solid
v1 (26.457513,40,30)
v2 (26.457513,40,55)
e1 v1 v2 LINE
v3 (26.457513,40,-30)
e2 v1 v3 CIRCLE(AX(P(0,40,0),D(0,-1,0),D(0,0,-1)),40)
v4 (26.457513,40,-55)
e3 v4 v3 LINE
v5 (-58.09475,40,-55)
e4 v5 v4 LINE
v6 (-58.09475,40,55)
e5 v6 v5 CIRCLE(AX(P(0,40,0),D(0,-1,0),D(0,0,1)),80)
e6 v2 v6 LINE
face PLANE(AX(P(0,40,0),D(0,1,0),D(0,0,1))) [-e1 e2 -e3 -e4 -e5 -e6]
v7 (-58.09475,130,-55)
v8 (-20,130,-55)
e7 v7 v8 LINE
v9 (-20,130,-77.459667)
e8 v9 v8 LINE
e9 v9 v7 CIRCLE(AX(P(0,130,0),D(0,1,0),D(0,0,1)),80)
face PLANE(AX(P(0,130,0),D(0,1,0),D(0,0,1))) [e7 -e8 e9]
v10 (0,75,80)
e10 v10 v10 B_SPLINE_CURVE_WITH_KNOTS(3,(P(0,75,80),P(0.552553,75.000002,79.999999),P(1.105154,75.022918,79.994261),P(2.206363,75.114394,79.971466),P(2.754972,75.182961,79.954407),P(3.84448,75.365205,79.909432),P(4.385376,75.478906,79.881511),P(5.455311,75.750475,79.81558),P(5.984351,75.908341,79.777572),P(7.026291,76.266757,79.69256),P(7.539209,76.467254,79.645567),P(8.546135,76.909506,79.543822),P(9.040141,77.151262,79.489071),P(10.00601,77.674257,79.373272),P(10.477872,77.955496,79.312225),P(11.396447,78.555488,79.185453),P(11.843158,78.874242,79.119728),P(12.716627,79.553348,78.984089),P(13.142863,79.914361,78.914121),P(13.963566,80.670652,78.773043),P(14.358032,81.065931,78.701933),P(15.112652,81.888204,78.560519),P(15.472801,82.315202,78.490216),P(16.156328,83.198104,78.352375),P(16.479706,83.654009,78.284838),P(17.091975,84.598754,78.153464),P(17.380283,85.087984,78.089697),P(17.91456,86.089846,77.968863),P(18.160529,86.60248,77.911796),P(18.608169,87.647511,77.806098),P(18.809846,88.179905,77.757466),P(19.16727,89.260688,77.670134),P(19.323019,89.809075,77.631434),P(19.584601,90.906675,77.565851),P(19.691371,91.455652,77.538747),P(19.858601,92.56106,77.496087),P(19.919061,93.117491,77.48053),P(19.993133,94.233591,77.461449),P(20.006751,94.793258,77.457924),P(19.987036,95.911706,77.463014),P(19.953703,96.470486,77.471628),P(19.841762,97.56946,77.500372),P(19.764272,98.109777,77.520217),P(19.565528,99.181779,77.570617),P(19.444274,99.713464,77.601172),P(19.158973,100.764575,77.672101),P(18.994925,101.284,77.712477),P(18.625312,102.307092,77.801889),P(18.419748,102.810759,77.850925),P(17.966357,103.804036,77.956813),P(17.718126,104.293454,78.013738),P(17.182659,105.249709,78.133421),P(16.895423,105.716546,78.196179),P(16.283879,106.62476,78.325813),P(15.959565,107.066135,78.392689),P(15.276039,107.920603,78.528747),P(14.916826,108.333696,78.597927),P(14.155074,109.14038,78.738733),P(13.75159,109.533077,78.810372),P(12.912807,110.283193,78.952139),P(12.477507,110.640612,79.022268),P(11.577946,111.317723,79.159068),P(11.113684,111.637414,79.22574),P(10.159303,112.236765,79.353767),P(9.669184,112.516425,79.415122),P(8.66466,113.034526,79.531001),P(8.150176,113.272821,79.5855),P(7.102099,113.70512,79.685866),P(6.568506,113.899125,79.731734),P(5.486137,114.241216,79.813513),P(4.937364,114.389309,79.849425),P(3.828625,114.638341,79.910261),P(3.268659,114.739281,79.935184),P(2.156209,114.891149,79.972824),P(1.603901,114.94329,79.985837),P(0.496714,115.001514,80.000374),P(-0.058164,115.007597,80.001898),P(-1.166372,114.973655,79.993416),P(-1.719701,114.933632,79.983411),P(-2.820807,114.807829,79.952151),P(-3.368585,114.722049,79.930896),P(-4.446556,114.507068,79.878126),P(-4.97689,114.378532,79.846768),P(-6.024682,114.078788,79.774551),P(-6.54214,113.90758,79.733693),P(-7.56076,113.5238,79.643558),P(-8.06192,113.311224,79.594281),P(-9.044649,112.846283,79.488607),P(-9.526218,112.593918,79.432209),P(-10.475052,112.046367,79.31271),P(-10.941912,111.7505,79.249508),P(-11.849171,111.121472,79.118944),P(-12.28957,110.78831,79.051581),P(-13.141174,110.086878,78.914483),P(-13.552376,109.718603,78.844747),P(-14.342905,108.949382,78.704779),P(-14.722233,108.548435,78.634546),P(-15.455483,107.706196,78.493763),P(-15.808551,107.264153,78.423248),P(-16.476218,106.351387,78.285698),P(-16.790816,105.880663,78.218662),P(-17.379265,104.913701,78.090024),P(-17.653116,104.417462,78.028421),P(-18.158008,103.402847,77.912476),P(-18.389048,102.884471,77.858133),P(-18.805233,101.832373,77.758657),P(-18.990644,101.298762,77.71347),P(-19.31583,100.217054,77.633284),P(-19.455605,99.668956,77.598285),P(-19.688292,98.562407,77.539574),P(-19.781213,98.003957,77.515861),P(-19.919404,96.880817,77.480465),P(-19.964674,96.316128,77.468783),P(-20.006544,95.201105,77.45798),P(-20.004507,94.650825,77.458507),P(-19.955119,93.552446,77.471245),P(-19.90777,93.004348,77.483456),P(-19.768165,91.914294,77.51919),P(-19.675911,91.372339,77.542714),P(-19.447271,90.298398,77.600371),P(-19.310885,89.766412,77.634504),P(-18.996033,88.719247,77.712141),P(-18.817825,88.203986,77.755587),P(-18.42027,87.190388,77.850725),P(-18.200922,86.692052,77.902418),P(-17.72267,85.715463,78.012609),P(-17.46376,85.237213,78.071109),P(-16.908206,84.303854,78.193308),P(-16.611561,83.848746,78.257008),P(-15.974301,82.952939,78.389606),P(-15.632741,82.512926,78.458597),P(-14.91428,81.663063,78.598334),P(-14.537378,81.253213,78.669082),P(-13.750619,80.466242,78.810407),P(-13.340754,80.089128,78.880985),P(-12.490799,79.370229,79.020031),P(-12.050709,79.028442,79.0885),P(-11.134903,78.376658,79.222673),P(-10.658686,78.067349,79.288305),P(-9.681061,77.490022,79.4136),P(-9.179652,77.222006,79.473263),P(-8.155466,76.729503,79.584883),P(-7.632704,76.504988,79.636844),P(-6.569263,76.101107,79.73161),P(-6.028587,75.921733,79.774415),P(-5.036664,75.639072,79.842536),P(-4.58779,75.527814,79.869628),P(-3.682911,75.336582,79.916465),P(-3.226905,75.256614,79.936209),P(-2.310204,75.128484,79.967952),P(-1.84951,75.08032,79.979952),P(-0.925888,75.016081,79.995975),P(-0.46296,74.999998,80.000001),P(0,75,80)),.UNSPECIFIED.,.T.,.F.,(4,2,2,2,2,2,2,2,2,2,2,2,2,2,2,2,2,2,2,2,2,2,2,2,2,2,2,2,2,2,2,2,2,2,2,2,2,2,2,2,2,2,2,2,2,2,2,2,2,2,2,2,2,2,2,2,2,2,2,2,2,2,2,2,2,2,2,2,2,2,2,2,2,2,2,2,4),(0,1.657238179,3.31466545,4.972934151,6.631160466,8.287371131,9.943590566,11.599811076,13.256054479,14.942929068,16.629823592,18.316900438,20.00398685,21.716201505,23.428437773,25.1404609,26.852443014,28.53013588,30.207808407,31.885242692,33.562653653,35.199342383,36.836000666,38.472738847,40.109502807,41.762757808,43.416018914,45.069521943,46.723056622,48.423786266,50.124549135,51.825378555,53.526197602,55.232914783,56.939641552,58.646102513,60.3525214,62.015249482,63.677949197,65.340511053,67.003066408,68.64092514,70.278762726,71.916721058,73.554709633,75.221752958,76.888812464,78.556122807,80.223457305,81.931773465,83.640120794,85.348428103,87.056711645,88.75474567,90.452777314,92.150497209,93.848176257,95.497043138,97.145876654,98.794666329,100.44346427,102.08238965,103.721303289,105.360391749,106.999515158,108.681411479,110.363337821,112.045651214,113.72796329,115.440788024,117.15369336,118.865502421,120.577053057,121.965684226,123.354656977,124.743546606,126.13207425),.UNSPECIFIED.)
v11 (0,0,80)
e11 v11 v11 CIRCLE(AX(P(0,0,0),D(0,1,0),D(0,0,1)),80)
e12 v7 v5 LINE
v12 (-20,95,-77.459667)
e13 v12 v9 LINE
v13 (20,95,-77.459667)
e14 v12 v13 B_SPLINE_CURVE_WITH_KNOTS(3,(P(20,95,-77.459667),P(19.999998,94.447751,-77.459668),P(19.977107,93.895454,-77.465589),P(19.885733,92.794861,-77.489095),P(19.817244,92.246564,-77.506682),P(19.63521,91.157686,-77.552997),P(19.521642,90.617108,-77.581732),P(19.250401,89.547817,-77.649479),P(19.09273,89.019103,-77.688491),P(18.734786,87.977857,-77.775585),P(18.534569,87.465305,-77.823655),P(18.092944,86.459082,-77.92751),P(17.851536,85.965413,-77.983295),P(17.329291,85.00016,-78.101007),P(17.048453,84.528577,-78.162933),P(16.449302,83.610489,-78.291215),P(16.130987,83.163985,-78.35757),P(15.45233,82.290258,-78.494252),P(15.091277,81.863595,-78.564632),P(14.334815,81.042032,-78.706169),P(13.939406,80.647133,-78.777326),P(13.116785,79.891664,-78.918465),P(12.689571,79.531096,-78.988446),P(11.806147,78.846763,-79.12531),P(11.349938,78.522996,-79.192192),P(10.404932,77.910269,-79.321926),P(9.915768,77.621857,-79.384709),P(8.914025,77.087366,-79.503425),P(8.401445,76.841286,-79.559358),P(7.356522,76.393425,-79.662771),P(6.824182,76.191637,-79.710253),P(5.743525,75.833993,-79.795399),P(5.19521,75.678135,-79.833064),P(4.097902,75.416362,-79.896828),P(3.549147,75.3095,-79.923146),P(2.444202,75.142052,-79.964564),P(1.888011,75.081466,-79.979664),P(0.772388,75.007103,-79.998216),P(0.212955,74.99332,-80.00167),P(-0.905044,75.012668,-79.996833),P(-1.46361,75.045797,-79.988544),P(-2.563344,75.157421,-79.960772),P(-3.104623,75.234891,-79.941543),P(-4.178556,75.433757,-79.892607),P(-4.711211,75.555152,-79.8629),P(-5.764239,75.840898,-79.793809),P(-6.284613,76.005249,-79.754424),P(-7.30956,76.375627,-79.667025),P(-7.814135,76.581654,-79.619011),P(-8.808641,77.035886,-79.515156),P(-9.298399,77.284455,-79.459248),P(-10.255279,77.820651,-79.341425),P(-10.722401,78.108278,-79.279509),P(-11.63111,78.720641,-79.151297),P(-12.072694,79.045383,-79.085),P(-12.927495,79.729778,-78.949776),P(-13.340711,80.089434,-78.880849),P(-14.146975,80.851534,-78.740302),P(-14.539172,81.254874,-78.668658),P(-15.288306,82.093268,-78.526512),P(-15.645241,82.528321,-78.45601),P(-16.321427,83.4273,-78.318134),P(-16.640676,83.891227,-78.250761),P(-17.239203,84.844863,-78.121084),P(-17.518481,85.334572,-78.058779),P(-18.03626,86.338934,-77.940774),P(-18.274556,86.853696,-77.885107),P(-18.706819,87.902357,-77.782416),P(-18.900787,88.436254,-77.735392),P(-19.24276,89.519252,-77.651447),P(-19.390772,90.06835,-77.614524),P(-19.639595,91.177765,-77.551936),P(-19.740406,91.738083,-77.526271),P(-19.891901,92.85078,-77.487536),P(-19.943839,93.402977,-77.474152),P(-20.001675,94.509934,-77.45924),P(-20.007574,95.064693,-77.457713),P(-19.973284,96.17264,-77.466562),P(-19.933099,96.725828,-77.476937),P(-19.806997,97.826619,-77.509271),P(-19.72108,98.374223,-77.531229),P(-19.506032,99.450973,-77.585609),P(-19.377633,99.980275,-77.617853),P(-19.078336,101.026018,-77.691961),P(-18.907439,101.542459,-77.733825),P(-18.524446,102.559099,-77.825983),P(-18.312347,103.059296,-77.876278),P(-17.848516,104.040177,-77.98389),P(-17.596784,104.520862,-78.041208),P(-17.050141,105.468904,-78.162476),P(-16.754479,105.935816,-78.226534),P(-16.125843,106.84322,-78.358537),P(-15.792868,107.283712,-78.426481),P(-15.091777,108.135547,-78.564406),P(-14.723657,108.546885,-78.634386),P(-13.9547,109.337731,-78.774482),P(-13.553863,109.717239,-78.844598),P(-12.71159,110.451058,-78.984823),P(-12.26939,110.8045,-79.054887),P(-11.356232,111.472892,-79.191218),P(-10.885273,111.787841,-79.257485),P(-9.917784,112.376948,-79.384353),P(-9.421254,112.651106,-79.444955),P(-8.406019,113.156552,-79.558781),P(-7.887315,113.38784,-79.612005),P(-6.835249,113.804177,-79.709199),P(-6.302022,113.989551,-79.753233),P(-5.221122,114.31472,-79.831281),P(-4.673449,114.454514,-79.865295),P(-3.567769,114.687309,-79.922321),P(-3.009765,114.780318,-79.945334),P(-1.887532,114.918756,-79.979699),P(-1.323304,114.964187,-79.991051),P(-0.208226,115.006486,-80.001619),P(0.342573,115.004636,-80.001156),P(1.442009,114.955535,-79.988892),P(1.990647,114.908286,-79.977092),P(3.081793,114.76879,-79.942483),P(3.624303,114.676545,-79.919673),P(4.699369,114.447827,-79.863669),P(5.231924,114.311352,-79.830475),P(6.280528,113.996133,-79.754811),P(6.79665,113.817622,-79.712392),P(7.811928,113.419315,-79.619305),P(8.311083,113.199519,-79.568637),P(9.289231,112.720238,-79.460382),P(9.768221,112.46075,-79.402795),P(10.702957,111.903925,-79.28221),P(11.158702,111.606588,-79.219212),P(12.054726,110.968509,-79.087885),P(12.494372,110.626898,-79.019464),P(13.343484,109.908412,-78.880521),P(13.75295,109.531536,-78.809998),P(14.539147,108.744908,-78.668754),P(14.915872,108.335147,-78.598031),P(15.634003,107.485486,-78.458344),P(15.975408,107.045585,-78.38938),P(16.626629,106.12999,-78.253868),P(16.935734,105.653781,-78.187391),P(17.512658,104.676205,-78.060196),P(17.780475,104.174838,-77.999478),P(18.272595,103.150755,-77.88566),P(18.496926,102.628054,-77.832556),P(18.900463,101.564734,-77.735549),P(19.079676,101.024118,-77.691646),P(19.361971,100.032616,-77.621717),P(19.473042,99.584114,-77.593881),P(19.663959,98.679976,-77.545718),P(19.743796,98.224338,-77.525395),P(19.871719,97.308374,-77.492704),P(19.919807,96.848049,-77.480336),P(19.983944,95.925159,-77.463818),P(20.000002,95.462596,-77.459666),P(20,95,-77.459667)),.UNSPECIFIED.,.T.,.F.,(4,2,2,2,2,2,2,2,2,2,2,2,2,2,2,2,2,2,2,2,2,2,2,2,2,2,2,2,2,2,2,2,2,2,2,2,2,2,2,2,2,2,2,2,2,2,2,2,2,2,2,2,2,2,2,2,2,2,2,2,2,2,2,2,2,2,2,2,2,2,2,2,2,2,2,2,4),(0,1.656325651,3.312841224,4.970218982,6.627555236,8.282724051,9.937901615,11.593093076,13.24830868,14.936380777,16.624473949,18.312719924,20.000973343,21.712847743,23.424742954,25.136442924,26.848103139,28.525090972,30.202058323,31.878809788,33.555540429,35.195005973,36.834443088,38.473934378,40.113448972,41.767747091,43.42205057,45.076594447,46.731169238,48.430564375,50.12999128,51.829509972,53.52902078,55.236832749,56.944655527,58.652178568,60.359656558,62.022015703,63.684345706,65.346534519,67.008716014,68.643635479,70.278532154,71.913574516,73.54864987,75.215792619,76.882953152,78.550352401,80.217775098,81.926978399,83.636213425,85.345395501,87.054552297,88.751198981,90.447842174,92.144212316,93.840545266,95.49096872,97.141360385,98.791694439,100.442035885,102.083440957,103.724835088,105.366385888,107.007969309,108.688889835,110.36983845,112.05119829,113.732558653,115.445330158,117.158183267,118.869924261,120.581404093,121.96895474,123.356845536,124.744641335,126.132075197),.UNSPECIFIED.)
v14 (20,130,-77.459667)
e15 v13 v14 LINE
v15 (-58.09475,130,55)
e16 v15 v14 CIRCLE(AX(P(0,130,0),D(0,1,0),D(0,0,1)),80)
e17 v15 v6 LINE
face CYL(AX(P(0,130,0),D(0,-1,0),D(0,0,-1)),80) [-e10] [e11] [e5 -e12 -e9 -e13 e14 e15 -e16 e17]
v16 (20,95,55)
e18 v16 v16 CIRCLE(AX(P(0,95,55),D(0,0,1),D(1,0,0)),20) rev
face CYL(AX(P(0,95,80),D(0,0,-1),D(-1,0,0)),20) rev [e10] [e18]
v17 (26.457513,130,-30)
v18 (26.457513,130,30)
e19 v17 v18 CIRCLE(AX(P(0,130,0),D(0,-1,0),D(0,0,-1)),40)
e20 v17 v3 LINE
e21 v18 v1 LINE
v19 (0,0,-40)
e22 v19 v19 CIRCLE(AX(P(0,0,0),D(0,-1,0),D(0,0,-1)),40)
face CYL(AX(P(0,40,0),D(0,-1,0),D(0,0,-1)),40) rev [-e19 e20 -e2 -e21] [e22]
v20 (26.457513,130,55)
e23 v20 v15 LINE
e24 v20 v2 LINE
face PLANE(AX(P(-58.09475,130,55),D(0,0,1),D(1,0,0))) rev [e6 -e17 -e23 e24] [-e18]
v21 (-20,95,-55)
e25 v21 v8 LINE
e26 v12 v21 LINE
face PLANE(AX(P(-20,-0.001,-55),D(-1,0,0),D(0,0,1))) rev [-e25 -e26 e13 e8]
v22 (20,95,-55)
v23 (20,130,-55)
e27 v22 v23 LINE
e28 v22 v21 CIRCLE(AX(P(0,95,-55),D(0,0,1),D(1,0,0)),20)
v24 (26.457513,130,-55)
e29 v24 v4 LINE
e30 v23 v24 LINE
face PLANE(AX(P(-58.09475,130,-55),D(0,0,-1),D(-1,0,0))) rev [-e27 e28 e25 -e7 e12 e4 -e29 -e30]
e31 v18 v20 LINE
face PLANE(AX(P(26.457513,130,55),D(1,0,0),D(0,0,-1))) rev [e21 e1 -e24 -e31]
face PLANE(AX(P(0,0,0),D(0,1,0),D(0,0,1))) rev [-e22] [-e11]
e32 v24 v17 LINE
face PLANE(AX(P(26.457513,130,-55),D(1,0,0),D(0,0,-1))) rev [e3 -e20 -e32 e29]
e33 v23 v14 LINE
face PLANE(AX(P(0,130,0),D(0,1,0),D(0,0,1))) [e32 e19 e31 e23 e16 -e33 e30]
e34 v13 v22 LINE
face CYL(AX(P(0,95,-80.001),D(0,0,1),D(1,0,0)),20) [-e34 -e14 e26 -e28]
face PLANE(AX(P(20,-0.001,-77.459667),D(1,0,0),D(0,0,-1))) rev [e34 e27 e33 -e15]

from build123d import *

# Parameters (mm, degrees)
SKETCH_1_R               = 80
EXTRUDE_1_DEPTH          = 130
SKETCH_2_R               = 40
CUT_EXTRUDE_1_DEPTH      = 40
CUT_EXTRUDE_3_DEPTH      = 90
SKETCH_4_R               = 20
CUT_EXTRUDE_4_DEPTH      = 173.336879396
CUT_EXTRUDE_4_DEPTH_BACK = 173.336879396
CUT_EXTRUDE_8_REACH      = 174.337
CUT_EXTRUDE_8_END_RADIUS = 20
EXTRUDE_5_REACH          = 205.777
EXTRUDE_5_END_RADIUS     = 80
SKETCH_8_R               = 20


with BuildPart() as part:
    # 草图1 → 凸台-拉伸1 (new body)
    with BuildSketch(Plane(origin=(0, 0, 0), x_dir=(1, 0, 0), z_dir=(0, 1, 0))):
        with Locations(Location((0, 0, 0), (0, 0, 270))):
            Circle(SKETCH_1_R)
    extrude(amount=EXTRUDE_1_DEPTH)

    # 草图2 → 切除-拉伸1 (cut)
    with BuildSketch(Plane.XZ):
        with Locations(Location((0, 0, 0), (0, 0, 270))):
            Circle(SKETCH_2_R)
    extrude(amount=-CUT_EXTRUDE_1_DEPTH, mode=Mode.SUBTRACT)

    # 草图3 → 切除-拉伸3 (cut)
    with BuildSketch(Plane.XZ.offset(-40)):
        with BuildLine():
            Line((-58.094750193, 55), (26.457513111, 55))
            Line((26.457513111, 55), (26.457513111, 30))
            ThreePointArc((26.457513111, 30), (40, 0), (26.457513111, -30))
            Line((26.457513111, -30), (26.457513111, -55))
            Line((26.457513111, -55), (-58.094750193, -55))
            ThreePointArc((-58.094750193, -55), (-80, 0), (-58.094750193, 55))
        make_face()
    extrude(amount=-CUT_EXTRUDE_3_DEPTH, mode=Mode.SUBTRACT)

    # 草图4 → 切除-拉伸4 (cut, two sides)
    with BuildSketch(Plane.XY) as cut_extrude_4_sk:
        with Locations(Location((0, 95, 0), (0, 0, 180))):
            Circle(SKETCH_4_R)
    extrude(amount=CUT_EXTRUDE_4_DEPTH, mode=Mode.SUBTRACT)
    extrude(cut_extrude_4_sk.sketch, amount=-CUT_EXTRUDE_4_DEPTH_BACK, mode=Mode.SUBTRACT)

    # 切除-拉伸8: up to this cylinder (the profile starts outside it)
    cut_extrude_8_end = Plane(origin=(0, 95, -67.091154), z_dir=(0, 0, -1)) * Cylinder(CUT_EXTRUDE_8_END_RADIUS, 389.674, mode=Mode.PRIVATE)
    # 草图7 → 切除-拉伸8 (cut, up to the surface)
    with BuildSketch(Plane(origin=(0, 130, 0), x_dir=(1, 0, 0), z_dir=(0, 1, 0)), mode=Mode.PRIVATE) as cut_extrude_8_sk1:
        with BuildLine():
            Line((20, 55), (-20, 55))
            Line((-20, 55), (-20, 77.459666924))
            ThreePointArc((-20, 77.459666924), (0, 80), (20, 77.459666924))
            Line((20, 77.459666924), (20, 55))
        make_face()
    cut_extrude_8_tool1 = extrude(cut_extrude_8_sk1.sketch, amount=-CUT_EXTRUDE_8_REACH, mode=Mode.PRIVATE) - cut_extrude_8_end
    add(cut_extrude_8_tool1.solids().sort_by_distance((0, 130, -67.091154))[0], mode=Mode.SUBTRACT)

    # 凸台-拉伸5: up to this cylinder (the profile starts inside it)
    extrude_5_end = Plane(origin=(0, 95, 0), z_dir=(0, -1, 0)) * Cylinder(EXTRUDE_5_END_RADIUS, 572.554, mode=Mode.PRIVATE)
    # 草图8 → 凸台-拉伸5 (add, up to the surface)
    with BuildSketch(Plane.XY.offset(-55), mode=Mode.PRIVATE) as extrude_5_sk1:
        with Locations(Location((0, 95, 0), (0, 0, 270))):
            Circle(SKETCH_8_R)
    extrude_5_tool1 = extrude(extrude_5_sk1.sketch, amount=-EXTRUDE_5_REACH, mode=Mode.PRIVATE) & extrude_5_end
    add(extrude_5_tool1.solids().sort_by_distance((0, 95, -55))[0])


solid = part.part
